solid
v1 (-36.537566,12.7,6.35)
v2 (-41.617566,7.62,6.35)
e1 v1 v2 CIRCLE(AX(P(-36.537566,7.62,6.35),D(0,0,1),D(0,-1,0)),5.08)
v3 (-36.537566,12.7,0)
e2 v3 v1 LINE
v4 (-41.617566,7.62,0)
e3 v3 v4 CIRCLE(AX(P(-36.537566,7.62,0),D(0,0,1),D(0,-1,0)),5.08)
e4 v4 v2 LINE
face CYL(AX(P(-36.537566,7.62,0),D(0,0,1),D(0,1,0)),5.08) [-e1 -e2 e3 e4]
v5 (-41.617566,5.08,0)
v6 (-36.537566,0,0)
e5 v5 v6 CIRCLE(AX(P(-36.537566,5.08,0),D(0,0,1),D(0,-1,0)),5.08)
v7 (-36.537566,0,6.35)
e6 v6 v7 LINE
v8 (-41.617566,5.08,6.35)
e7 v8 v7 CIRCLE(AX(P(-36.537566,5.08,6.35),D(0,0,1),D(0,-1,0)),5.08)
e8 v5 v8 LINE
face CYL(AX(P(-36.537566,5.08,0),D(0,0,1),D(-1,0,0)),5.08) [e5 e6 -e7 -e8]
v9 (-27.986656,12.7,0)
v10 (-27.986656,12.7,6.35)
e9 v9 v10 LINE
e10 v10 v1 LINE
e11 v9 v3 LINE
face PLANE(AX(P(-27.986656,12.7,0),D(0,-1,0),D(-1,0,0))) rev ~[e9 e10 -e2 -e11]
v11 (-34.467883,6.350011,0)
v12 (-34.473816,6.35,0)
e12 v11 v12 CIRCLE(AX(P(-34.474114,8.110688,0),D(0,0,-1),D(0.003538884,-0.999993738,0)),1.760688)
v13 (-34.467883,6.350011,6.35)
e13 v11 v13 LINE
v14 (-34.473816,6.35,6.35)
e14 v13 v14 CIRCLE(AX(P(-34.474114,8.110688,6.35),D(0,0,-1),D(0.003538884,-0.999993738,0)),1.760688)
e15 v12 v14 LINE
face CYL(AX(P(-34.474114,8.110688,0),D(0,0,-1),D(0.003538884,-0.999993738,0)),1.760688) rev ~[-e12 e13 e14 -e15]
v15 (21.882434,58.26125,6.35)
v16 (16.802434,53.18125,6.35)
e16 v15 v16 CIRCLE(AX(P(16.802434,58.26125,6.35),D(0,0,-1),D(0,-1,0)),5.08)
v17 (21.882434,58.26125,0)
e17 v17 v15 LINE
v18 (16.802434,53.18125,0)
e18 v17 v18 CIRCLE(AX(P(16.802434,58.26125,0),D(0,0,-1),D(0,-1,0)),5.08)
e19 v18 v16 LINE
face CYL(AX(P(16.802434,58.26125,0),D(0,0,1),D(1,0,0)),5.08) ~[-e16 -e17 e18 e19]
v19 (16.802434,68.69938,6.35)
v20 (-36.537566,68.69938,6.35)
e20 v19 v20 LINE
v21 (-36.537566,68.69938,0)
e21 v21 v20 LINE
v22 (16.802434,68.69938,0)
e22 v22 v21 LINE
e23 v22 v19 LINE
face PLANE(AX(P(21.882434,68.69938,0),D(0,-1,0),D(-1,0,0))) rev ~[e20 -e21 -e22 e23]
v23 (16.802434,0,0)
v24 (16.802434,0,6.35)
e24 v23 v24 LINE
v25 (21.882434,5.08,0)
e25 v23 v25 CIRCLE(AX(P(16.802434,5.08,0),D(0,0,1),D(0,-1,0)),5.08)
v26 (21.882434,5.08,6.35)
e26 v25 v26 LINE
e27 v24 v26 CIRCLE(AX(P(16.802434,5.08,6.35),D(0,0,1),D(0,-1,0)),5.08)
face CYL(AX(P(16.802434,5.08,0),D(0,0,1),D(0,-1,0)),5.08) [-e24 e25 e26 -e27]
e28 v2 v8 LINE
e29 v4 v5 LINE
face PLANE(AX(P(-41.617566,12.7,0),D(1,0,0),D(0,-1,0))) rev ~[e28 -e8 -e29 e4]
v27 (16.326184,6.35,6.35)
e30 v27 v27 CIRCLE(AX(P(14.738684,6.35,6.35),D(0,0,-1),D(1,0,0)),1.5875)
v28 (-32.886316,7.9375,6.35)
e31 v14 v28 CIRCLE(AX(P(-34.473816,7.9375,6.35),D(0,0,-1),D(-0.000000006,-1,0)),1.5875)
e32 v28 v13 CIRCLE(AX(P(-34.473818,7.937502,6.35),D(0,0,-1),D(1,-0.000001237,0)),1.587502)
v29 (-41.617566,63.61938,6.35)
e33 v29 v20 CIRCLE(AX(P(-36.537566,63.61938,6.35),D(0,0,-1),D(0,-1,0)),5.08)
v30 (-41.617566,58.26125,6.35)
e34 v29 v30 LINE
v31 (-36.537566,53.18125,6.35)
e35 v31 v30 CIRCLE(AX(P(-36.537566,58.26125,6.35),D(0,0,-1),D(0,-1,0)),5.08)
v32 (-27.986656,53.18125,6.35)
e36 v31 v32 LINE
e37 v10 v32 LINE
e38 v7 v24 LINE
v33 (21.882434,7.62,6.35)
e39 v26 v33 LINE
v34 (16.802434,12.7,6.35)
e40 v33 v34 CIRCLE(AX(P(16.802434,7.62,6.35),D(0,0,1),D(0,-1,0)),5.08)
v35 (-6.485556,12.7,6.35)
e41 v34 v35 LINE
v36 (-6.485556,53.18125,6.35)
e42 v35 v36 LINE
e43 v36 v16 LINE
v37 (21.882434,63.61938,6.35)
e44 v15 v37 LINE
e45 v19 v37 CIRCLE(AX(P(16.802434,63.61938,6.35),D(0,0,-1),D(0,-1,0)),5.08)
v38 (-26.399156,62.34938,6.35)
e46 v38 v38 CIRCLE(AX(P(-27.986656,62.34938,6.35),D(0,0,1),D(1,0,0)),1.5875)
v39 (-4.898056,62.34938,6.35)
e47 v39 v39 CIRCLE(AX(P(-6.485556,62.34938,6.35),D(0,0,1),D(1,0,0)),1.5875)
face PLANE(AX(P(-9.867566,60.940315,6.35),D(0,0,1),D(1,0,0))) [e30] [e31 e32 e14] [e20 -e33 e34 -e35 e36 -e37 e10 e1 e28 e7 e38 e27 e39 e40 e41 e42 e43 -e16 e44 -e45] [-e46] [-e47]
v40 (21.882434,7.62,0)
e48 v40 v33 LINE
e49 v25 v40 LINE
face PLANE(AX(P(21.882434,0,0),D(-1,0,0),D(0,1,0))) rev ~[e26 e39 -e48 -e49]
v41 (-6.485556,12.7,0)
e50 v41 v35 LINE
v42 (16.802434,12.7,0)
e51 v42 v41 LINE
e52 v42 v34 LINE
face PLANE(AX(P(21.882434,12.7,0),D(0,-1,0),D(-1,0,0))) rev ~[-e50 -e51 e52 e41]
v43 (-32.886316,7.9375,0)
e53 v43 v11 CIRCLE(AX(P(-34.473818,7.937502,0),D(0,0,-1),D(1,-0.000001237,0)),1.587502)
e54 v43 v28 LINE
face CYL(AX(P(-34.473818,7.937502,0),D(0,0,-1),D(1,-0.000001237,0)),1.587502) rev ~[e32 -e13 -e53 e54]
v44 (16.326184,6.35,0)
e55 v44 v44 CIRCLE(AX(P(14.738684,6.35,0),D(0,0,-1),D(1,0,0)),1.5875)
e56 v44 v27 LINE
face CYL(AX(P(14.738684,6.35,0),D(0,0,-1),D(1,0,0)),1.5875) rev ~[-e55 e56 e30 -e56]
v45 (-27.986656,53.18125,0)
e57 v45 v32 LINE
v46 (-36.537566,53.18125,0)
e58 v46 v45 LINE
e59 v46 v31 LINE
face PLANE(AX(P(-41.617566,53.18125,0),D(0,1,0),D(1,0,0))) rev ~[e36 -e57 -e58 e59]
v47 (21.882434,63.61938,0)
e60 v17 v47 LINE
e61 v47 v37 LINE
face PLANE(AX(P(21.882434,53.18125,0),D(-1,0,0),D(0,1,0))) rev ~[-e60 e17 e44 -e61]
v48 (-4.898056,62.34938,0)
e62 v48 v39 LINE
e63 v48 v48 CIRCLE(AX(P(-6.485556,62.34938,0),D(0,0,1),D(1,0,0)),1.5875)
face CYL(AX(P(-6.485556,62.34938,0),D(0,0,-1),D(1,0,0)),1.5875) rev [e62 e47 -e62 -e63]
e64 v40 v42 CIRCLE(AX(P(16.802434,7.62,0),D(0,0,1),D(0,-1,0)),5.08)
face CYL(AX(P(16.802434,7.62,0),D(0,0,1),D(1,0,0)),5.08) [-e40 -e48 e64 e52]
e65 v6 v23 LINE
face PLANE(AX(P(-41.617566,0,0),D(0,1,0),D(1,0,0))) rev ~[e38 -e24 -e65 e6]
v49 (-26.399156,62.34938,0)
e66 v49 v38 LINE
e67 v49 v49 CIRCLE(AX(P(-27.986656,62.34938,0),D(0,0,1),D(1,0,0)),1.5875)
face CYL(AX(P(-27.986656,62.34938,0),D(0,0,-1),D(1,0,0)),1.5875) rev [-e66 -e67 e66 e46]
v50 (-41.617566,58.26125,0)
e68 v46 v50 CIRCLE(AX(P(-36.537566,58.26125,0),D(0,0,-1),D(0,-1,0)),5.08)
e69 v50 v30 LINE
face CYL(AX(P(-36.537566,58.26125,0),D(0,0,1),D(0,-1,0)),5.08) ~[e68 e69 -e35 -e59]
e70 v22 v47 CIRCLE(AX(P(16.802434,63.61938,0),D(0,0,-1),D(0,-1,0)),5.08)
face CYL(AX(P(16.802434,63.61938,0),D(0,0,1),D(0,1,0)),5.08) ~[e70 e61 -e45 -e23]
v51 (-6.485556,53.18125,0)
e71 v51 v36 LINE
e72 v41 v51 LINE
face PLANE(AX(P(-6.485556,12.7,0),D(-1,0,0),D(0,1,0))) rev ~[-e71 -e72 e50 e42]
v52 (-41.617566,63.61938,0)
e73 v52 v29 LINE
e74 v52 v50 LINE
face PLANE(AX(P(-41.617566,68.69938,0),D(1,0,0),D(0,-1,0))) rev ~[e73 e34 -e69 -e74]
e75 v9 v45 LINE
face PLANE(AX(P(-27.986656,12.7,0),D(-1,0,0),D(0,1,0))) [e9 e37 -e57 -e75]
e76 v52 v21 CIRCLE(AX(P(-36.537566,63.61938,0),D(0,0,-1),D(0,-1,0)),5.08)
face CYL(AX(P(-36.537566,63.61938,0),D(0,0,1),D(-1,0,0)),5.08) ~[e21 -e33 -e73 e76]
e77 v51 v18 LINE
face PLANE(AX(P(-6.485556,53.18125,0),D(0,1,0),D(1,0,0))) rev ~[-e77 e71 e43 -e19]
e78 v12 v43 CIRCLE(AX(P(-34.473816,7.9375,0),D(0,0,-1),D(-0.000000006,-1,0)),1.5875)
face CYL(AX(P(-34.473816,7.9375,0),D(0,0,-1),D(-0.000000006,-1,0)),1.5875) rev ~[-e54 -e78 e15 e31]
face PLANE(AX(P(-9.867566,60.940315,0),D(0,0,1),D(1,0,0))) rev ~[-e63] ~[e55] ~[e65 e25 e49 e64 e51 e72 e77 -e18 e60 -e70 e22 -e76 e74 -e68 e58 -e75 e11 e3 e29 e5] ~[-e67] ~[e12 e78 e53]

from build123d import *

# Parameters (mm, degrees)
F0_R     = 1.5875
F0_W     = 21.5011
F0_H     = 40.48125
F1_DEPTH = 6.35
F2_R     = 5.08


with BuildPart() as f1:
    # F0 (on Top) → F1 (new body)
    with BuildSketch(Plane.XY):
        Polygon((-41.617566, 53.18125), (-27.986656, 53.18125), (-6.485556, 53.18125), (21.882434, 53.18125), (21.882434, 68.69938), (-41.617566, 68.69938), align=None)
        with Locations((-27.986656, 62.34938)):
            Circle(F0_R, mode=Mode.SUBTRACT)
        with Locations((-6.485556, 62.34938)):
            Circle(F0_R, mode=Mode.SUBTRACT)
        with Locations((-17.236106, 32.940625)):
            Rectangle(F0_W, F0_H)
        Polygon((-41.617566, 12.7), (-41.617566, 0), (21.882434, 0), (21.882434, 12.7), (-6.485556, 12.7), (-27.986656, 12.7), align=None)
        with BuildLine():
            ThreePointArc((-32.886316, 7.9375), (-33.349189, 6.817068), (-34.467883, 6.350011))
            ThreePointArc((-34.467883, 6.350011), (-34.47085, 6.350003), (-34.473816, 6.35))
            ThreePointArc((-34.473816, 6.35), (-35.596348, 9.060032), (-32.886316, 7.9375))
        make_face(mode=Mode.SUBTRACT)
        with BuildLine():
            ThreePointArc((13.151184, 6.35), (14.738684, 7.9375), (16.326184, 6.35))
            ThreePointArc((16.326184, 6.35), (14.738684, 4.7625), (13.151184, 6.35))
        make_face(mode=Mode.SUBTRACT)
    extrude(amount=F1_DEPTH)

    # F2
    f2_edges = [f1.edges().sort_by_distance(p)[0] for p in [
        (21.882434, 0, 3.175),
        (21.882434, 12.7, 3.175),
        (-41.617566, 0, 3.175),
        (-41.617566, 12.7, 3.175),
        (21.882434, 53.18125, 3.175),
        (21.882434, 68.69938, 3.175),
        (-41.617566, 53.18125, 3.175),
        (-41.617566, 68.69938, 3.175),
    ]]
    fillet(f2_edges, radius=F2_R)


solid = f1.part
